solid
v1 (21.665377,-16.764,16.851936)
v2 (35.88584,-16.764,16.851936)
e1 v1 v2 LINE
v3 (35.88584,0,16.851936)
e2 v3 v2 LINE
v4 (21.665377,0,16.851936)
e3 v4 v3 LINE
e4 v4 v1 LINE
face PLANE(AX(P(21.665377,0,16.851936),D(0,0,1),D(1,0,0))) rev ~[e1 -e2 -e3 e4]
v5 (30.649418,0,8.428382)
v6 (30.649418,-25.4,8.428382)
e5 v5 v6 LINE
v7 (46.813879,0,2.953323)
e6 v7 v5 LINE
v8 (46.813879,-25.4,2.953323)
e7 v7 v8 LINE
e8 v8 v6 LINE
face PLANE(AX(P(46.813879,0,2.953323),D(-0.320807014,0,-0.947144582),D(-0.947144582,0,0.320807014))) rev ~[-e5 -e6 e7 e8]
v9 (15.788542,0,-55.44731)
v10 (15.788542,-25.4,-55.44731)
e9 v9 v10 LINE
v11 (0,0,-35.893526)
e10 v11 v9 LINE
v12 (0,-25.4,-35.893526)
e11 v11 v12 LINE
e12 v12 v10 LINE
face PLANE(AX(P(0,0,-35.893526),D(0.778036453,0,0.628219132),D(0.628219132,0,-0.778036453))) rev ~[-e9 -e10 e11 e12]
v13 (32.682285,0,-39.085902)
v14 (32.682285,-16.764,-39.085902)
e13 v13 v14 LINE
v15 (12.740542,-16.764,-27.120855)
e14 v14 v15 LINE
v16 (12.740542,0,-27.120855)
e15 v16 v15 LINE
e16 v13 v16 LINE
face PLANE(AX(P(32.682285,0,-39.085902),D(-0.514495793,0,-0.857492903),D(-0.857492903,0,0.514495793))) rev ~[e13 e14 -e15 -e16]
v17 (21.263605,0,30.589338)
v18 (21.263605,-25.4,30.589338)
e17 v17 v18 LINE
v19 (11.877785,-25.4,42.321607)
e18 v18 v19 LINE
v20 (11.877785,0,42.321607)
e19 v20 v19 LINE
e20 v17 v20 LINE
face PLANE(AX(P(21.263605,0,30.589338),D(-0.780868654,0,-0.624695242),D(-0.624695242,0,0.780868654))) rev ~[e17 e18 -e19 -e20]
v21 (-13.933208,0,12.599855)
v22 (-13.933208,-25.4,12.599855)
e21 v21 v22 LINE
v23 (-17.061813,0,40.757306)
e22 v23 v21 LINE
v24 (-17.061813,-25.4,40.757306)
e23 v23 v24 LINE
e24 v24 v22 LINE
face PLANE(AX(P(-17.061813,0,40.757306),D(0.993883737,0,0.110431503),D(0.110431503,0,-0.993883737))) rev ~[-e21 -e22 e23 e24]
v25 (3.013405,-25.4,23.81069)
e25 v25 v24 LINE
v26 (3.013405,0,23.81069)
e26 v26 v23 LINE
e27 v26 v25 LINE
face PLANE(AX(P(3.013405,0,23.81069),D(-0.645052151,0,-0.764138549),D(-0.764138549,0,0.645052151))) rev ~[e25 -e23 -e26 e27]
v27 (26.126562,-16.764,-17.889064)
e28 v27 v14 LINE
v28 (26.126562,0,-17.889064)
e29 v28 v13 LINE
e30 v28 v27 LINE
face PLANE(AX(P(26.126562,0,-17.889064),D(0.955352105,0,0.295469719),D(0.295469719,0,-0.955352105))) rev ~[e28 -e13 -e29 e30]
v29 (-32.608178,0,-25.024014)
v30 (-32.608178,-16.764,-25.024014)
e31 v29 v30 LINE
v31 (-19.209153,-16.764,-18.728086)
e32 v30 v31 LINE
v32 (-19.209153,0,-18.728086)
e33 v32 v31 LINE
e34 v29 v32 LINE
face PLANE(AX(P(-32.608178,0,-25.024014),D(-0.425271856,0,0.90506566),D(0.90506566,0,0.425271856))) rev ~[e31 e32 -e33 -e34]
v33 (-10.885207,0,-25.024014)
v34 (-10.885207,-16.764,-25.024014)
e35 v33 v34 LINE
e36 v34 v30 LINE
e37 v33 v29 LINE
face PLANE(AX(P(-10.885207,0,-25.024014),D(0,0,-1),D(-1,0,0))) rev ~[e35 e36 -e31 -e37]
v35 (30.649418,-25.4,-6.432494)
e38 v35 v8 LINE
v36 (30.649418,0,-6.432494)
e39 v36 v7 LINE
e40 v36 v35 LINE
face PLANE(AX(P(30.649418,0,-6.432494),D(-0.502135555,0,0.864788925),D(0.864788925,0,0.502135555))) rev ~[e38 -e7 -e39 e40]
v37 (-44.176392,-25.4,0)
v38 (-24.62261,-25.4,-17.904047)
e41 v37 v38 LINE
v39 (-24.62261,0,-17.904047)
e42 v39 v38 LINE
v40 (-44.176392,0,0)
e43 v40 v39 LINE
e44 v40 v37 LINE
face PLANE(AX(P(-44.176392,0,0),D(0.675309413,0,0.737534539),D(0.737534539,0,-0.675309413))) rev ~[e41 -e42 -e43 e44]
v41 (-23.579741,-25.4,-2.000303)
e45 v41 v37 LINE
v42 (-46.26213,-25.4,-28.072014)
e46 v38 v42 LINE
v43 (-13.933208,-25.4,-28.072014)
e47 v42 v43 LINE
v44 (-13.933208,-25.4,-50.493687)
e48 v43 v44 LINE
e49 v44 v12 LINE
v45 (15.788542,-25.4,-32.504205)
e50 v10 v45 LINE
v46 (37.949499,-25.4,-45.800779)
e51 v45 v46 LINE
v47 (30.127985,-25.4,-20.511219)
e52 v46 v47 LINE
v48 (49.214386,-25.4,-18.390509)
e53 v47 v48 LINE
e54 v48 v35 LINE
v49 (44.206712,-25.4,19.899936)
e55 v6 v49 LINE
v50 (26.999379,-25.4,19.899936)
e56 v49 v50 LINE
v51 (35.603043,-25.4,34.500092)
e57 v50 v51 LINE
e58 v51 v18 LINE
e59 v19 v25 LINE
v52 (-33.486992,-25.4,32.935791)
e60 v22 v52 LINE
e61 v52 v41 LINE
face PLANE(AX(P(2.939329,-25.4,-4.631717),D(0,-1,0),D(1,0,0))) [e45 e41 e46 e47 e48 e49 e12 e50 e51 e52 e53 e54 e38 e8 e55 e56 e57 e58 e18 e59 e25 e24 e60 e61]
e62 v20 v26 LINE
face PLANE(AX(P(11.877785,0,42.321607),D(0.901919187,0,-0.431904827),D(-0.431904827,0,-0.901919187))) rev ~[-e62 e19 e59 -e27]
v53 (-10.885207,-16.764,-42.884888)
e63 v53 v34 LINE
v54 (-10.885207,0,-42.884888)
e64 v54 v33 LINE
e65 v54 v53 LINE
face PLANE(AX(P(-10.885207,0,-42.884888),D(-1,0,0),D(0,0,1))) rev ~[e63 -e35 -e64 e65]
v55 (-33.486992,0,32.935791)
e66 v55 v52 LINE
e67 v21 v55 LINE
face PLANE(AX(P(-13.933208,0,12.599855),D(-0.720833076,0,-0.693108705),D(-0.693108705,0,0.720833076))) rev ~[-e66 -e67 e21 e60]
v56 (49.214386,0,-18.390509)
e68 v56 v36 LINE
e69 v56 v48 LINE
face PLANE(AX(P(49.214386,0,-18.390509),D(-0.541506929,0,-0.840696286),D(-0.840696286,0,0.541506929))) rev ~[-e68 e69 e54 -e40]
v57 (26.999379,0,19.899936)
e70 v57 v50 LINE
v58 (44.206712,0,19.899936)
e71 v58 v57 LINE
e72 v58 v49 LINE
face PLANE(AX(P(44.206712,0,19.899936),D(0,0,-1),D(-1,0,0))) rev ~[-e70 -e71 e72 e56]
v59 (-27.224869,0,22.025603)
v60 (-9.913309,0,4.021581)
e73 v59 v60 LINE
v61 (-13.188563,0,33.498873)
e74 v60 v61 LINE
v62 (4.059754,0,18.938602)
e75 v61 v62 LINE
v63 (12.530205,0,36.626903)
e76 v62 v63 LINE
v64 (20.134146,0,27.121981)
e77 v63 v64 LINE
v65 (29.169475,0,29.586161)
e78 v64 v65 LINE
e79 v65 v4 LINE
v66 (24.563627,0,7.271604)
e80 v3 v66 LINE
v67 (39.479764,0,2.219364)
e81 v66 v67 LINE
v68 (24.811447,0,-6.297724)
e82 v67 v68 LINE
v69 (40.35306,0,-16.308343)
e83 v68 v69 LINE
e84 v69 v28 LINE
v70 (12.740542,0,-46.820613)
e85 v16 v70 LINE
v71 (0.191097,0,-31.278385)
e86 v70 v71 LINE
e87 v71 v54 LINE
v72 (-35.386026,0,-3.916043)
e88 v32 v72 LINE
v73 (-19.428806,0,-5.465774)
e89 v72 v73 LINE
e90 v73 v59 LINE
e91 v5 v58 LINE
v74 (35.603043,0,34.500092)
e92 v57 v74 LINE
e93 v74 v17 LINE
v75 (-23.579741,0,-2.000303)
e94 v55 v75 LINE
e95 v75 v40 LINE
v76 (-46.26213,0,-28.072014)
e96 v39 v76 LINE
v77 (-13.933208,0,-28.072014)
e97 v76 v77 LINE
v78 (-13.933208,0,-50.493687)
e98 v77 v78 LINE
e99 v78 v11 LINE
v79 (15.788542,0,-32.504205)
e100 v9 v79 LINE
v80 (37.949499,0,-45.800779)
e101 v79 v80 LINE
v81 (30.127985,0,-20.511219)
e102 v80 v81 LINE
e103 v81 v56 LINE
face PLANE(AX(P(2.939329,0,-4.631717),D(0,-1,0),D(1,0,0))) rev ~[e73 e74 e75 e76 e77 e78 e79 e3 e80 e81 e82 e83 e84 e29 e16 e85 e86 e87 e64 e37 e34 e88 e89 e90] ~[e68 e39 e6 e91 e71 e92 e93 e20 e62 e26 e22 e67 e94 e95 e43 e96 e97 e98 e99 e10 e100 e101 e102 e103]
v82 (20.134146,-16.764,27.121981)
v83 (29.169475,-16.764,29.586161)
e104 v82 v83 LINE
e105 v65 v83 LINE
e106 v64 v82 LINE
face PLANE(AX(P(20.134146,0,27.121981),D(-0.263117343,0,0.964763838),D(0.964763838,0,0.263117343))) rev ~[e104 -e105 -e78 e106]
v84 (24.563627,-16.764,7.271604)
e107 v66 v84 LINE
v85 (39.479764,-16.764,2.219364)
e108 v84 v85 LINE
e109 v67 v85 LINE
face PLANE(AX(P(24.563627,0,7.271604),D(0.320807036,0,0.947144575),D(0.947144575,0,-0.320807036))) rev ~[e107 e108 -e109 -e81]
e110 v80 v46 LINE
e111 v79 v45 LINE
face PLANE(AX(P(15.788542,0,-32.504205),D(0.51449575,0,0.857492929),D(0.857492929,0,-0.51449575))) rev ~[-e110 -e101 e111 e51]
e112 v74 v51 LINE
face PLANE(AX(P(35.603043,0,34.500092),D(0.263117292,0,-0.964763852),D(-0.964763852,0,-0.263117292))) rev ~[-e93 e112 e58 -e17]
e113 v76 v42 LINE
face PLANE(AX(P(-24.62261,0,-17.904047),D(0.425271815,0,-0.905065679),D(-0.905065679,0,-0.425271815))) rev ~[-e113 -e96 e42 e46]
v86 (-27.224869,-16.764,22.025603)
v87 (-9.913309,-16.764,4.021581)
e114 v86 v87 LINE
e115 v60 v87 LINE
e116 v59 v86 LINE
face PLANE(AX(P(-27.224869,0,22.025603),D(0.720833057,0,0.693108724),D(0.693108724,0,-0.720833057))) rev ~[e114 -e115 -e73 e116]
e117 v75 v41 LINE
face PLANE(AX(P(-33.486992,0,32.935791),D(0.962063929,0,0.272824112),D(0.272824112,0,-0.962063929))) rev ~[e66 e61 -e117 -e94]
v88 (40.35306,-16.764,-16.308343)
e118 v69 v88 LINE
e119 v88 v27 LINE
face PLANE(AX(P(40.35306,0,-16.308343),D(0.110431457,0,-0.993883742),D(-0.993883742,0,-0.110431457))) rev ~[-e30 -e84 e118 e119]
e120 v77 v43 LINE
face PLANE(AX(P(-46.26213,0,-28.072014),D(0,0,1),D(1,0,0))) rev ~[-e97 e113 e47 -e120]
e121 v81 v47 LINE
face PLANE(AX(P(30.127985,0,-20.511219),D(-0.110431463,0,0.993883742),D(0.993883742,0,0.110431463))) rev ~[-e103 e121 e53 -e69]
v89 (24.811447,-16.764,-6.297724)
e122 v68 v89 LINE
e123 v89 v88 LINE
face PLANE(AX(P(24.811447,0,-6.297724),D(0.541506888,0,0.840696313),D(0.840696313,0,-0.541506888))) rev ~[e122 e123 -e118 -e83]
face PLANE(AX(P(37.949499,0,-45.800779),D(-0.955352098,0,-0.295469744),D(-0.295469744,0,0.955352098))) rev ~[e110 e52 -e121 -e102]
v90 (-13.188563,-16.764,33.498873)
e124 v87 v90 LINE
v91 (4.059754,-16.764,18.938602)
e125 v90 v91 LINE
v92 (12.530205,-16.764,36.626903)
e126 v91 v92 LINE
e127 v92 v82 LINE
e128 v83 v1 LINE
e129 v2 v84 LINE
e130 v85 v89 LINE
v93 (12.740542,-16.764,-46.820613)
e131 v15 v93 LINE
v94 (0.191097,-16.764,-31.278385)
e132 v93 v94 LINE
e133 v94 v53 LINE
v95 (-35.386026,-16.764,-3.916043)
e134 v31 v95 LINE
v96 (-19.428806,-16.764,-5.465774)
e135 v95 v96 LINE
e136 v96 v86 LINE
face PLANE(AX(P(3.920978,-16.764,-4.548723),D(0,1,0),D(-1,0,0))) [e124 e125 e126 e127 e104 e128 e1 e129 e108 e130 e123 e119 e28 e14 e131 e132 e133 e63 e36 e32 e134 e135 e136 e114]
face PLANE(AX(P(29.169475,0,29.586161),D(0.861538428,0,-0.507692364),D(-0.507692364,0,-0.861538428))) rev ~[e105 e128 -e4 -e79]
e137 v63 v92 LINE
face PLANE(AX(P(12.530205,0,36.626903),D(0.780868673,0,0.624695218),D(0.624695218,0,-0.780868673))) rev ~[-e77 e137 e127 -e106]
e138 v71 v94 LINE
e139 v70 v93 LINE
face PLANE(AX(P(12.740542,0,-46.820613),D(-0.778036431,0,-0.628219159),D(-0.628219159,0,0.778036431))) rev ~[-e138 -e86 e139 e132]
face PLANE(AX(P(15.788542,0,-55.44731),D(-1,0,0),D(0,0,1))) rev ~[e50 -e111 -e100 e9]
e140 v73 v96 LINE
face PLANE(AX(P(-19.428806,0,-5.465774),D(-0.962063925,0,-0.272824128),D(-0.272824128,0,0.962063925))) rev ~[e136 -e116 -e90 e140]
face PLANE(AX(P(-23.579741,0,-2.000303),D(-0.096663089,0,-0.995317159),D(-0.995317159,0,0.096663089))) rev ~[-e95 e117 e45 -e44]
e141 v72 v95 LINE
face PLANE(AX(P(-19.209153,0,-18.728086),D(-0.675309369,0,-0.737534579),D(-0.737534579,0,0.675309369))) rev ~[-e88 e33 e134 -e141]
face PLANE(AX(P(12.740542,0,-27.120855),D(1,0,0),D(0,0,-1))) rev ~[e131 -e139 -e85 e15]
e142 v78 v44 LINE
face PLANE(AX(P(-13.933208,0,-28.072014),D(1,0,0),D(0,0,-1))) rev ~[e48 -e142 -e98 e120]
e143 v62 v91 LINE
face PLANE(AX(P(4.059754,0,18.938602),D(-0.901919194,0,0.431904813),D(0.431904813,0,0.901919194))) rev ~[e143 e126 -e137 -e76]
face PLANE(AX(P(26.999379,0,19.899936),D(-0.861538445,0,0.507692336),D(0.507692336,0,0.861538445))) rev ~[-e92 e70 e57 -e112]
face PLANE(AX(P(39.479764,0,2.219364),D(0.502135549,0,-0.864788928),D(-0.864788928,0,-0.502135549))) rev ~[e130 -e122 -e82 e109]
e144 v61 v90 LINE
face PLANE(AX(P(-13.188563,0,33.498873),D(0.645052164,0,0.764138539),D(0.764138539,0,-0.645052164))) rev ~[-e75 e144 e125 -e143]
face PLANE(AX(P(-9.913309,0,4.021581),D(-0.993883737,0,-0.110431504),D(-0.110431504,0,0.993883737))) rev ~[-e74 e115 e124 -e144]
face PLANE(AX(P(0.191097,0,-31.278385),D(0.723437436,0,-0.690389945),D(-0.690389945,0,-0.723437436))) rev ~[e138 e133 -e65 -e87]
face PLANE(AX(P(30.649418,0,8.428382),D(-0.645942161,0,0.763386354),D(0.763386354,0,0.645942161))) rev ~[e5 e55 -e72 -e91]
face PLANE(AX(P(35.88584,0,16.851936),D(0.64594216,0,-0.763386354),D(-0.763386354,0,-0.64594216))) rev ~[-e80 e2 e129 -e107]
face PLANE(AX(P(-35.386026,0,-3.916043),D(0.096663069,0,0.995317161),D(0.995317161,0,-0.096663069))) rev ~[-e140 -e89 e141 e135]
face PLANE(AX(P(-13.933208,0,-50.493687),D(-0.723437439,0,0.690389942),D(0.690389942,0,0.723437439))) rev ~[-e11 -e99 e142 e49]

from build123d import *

# Parameters (mm, degrees)
F1_DEPTH = 25.4
F3_DEPTH = 16.764


with BuildPart() as f1:
    # F0 (on Front) → F1 (new body)
    with BuildSketch(Plane.XZ):
        Polygon((21.263605, 30.589338), (11.877785, 42.321607), (3.013405, 23.81069), (-17.061813, 40.757306), (-13.933208, 12.599855), (-33.486992, 32.935791), (-23.579741, -2.000303), (-44.176392, 0), (-24.62261, -17.904047), (-46.26213, -28.072014), (-13.933208, -28.072014), (-13.933208, -50.493687), (0, -35.893526), (15.788542, -55.44731), (15.788542, -32.504205), (37.949499, -45.800779), (30.127985, -20.511219), (49.214386, -18.390509), (30.649418, -6.432494), (46.813879, 2.953323), (30.649418, 8.428382), (44.206712, 19.899936), (26.999379, 19.899936), (35.603043, 34.500092), align=None)
    extrude(amount=F1_DEPTH)

    # F2 (on face) → F3 (cut)
    with BuildSketch(Plane(origin=(0, 0, 0), x_dir=(-1, 0, 0), z_dir=(0, 1, 0))):
        Polygon((-4.059754, 18.938602), (-12.530205, 36.626903), (-20.134146, 27.121981), (-29.169475, 29.586161), (-21.665377, 16.851936), (-35.88584, 16.851936), (-24.563627, 7.271604), (-39.479764, 2.219364), (-24.811447, -6.297724), (-40.35306, -16.308343), (-26.126562, -17.889064), (-32.682285, -39.085902), (-12.740542, -27.120855), (-12.740542, -46.820613), (-0.191097, -31.278385), (10.885207, -42.884888), (10.885207, -25.024014), (32.608178, -25.024014), (19.209153, -18.728086), (35.386026, -3.916043), (19.428806, -5.465774), (27.224869, 22.025603), (9.913309, 4.021581), (13.188563, 33.498873), align=None)
    extrude(amount=-F3_DEPTH, mode=Mode.SUBTRACT)


solid = f1.part
